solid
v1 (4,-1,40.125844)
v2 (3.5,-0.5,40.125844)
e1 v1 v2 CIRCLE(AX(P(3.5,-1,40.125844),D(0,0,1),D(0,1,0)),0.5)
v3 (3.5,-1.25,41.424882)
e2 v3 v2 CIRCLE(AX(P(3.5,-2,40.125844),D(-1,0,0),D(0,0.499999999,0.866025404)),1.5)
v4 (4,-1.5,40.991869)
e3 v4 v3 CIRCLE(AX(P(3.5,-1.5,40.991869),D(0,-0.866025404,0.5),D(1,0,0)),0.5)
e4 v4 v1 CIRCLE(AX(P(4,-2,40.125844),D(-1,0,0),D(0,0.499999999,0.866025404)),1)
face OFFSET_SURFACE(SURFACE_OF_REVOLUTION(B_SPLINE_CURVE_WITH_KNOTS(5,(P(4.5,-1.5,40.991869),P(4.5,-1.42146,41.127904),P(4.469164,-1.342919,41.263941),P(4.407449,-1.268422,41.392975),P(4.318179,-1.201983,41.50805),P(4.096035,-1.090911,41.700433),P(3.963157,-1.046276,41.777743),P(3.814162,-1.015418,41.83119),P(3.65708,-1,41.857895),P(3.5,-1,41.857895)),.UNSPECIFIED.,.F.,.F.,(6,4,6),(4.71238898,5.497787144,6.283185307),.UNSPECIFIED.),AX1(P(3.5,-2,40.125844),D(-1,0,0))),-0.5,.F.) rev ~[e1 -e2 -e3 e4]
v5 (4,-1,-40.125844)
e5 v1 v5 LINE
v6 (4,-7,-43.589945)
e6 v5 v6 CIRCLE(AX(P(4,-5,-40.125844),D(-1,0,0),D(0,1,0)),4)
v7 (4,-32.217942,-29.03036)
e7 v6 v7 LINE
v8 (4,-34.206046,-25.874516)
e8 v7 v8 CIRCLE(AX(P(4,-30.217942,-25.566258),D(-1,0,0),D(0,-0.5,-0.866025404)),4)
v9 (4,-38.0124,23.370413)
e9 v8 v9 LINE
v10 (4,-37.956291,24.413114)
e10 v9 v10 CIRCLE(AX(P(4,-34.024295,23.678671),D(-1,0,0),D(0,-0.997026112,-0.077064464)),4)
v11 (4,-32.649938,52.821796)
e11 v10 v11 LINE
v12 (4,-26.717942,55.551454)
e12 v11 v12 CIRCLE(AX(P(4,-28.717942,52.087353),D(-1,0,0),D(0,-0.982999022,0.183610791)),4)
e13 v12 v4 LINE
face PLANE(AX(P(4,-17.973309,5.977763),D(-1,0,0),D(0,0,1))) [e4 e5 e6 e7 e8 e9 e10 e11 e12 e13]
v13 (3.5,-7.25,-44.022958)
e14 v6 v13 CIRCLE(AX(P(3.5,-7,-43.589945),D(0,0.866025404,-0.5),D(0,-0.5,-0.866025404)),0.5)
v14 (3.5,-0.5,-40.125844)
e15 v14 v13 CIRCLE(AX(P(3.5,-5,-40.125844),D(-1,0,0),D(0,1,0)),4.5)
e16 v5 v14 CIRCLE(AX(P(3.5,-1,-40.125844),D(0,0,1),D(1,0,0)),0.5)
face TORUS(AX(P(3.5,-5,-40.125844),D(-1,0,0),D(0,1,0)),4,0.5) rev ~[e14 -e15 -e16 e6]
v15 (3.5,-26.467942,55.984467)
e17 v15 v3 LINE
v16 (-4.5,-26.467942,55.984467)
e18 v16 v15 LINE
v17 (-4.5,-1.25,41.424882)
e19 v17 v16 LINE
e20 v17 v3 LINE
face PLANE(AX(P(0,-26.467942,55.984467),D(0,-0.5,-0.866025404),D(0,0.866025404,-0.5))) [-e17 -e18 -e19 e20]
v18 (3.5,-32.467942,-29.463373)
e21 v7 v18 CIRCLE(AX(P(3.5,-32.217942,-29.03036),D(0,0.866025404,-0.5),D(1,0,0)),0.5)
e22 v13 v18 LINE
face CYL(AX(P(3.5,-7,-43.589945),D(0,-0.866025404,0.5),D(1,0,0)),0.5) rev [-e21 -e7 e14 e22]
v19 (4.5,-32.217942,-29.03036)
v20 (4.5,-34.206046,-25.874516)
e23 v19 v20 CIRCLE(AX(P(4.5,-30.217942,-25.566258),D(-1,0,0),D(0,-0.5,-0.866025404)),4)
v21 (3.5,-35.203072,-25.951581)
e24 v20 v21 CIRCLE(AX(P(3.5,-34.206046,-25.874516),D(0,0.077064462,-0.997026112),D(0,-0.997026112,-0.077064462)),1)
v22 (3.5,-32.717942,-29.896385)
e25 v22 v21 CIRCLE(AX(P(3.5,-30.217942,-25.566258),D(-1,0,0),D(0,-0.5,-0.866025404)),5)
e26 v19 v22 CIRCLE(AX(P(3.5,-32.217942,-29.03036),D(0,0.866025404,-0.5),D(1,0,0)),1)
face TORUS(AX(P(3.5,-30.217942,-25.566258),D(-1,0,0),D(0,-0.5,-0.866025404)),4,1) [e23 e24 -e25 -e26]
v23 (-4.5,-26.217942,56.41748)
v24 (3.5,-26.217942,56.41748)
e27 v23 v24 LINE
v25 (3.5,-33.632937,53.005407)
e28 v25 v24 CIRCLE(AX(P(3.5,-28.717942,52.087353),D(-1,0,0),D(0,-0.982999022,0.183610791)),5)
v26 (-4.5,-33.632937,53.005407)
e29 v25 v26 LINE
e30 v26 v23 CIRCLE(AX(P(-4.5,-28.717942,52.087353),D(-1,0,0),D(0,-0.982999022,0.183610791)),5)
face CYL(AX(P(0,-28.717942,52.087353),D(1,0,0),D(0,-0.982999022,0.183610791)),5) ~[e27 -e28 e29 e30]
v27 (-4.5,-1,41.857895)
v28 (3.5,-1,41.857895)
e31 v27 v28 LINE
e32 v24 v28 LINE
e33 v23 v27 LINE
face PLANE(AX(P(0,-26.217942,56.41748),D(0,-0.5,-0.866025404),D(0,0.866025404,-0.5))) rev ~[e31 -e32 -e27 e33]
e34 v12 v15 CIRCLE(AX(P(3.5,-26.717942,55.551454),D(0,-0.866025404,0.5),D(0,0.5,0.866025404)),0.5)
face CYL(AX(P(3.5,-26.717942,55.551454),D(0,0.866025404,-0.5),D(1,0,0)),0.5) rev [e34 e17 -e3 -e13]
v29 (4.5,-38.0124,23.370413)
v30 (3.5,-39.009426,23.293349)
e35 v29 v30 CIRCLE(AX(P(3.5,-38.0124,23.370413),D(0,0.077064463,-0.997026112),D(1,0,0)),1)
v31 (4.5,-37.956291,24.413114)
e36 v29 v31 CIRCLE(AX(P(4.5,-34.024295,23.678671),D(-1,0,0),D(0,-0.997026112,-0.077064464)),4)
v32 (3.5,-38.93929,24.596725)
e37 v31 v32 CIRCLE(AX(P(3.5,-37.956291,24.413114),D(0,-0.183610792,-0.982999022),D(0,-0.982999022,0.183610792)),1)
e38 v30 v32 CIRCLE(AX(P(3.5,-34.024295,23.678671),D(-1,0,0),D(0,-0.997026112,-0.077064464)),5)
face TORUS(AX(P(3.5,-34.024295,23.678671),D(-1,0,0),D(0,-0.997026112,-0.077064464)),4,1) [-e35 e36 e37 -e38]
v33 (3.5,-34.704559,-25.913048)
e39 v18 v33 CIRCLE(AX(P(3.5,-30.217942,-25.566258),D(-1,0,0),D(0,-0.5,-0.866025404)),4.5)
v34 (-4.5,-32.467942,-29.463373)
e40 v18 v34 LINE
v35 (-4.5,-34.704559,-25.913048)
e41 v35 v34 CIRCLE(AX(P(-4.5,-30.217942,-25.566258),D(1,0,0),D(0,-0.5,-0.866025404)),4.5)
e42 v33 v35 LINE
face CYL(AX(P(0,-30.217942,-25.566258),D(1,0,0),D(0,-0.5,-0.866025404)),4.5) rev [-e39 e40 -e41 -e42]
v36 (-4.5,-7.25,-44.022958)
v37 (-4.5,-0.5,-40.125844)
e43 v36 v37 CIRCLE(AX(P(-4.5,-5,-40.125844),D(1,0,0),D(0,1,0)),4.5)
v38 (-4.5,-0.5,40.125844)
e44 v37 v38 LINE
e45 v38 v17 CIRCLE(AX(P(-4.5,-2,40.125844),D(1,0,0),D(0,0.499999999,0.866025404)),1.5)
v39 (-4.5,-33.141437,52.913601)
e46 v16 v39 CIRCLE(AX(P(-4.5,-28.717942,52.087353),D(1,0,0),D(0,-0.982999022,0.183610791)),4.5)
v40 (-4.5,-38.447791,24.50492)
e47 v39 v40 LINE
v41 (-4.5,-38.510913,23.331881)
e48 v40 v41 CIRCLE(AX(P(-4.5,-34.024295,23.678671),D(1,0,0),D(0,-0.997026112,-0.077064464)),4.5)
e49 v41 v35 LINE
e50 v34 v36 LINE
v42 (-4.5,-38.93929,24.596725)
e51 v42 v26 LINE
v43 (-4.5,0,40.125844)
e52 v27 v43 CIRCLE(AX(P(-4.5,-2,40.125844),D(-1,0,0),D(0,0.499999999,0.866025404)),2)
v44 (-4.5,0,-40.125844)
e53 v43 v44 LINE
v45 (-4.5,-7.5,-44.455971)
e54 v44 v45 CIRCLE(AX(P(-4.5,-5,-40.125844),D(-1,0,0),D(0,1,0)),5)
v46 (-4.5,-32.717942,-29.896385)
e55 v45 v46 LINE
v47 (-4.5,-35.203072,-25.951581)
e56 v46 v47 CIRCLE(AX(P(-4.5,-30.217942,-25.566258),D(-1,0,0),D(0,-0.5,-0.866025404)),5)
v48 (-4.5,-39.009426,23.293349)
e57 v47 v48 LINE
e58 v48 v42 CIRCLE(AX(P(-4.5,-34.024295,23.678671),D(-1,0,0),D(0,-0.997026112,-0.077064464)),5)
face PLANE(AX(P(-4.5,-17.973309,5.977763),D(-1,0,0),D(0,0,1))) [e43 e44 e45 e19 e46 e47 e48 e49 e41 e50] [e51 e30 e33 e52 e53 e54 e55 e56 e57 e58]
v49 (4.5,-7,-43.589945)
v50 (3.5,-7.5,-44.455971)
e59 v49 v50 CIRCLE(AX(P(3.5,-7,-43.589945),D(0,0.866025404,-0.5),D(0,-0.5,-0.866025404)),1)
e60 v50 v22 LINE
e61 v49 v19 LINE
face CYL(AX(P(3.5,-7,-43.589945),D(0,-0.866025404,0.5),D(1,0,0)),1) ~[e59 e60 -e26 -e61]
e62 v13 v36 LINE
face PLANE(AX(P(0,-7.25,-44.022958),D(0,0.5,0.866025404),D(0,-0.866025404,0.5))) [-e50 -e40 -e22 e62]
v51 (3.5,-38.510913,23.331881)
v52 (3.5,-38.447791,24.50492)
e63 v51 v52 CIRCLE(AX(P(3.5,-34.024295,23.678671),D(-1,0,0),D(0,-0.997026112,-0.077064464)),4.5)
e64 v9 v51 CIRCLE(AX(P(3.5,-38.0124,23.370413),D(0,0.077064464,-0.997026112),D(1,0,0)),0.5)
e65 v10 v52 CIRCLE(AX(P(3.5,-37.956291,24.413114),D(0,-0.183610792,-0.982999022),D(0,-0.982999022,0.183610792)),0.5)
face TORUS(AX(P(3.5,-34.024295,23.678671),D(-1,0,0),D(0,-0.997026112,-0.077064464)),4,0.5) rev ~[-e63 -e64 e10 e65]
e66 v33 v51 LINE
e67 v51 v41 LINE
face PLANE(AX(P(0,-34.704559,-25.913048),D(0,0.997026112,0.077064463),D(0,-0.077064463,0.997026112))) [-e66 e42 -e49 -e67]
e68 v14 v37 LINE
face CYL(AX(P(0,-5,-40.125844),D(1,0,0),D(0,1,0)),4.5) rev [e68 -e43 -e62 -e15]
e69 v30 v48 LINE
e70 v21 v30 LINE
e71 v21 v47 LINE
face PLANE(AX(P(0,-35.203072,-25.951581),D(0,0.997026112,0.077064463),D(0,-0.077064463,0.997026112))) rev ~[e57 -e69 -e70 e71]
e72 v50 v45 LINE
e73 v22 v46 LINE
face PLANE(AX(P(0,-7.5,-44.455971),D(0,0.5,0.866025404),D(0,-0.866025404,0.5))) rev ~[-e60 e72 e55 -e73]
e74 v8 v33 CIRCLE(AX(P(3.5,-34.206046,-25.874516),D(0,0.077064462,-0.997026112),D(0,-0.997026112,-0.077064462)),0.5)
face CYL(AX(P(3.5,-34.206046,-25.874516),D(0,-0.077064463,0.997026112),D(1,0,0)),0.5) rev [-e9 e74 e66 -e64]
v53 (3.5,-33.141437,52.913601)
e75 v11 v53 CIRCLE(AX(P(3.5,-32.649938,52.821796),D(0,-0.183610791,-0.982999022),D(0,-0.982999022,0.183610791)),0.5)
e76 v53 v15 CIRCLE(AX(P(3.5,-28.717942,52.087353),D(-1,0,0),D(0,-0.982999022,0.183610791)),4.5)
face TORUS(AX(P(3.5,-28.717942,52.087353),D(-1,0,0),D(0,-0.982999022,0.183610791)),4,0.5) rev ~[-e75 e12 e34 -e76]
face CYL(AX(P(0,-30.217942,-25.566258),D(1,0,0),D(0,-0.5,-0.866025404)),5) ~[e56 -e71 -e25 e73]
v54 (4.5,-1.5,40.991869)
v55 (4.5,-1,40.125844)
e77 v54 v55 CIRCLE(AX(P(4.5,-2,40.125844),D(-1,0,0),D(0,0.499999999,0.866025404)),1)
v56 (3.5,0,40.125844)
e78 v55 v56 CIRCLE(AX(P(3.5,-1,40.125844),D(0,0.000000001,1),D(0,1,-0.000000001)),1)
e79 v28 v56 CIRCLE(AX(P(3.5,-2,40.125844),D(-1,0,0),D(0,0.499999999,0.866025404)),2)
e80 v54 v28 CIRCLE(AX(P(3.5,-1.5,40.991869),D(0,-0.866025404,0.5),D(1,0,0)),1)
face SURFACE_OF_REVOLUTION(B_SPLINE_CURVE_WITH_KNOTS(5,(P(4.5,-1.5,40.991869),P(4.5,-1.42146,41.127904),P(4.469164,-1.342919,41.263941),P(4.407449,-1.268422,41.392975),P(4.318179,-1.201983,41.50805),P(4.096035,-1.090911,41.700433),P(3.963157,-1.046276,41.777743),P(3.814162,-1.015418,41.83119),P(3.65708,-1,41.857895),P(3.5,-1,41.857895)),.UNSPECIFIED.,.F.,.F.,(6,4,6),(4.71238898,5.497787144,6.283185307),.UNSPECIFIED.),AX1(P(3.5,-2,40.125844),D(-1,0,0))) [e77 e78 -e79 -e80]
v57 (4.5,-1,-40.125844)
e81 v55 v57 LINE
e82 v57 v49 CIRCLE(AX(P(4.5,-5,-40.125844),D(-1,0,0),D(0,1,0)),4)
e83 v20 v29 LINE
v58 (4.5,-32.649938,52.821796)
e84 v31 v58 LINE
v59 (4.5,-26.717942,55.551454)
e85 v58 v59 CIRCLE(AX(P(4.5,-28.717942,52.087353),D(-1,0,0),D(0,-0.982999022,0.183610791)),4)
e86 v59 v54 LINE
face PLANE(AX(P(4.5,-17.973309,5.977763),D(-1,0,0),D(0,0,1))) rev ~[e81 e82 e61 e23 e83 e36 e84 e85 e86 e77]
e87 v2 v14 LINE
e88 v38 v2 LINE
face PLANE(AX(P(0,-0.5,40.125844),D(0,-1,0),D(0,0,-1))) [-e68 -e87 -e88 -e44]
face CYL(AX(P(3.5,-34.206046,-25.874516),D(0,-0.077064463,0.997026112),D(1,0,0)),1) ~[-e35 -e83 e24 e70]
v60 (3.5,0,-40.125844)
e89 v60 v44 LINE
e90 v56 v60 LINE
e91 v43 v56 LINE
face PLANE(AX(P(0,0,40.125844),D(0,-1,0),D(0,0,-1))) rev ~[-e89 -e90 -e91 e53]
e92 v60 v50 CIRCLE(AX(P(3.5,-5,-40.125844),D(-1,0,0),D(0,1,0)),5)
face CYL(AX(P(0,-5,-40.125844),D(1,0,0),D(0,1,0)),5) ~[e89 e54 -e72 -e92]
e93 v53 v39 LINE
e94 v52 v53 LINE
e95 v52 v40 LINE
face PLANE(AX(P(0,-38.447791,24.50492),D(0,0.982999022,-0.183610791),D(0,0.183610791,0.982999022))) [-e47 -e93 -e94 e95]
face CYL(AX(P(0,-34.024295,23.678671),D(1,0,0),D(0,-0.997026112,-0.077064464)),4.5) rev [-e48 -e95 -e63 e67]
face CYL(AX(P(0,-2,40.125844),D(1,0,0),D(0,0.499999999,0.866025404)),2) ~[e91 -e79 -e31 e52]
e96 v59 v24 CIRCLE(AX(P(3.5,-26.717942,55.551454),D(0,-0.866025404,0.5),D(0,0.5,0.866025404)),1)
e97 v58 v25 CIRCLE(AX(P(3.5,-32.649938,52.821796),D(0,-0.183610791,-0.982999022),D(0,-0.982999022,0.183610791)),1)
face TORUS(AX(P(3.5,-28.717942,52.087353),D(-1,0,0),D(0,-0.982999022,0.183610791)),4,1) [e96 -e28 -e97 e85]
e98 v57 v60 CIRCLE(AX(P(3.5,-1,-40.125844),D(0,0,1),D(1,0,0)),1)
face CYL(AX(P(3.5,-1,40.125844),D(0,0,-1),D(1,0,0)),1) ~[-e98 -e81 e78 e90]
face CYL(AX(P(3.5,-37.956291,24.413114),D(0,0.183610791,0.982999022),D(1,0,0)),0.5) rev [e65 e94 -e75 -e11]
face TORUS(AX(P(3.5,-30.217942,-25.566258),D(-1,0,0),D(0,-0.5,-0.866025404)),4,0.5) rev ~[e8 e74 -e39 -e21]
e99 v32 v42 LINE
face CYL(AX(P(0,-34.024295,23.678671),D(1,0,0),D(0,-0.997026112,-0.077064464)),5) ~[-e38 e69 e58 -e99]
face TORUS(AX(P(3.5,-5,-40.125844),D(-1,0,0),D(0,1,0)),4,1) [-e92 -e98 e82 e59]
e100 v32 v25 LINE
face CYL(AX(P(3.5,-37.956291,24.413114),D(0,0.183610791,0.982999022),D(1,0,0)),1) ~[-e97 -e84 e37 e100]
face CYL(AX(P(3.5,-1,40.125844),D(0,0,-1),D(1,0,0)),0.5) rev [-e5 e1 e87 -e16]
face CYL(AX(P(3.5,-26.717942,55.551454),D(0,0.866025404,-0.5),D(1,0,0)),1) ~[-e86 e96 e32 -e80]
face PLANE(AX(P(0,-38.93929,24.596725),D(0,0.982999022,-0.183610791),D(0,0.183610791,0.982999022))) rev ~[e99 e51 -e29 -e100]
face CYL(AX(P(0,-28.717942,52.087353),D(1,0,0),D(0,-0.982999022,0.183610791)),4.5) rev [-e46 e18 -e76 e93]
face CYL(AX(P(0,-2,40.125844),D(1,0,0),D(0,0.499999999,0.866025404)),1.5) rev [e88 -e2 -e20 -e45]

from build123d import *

# Parameters (mm, degrees)
BOSS_EXTRUDE1_DEPTH = 4.5
FILLET2_R           = 1
SHELL1_T            = -0.5


with BuildPart() as part:
    # Sketch1 → Boss-Extrude1 (new, symmetric)
    with BuildSketch(Plane(origin=(0, 0, 0), x_dir=(0, 0, -1), z_dir=(1, 0, 0))):
        with BuildLine():
            Line((-40.125843709, 0), (40.125843709, 0))
            ThreePointArc((40.125843709, 0), (44.455970728, -2.5), (44.455970728, -7.5))
            Line((44.455970728, -7.5), (29.896385384, -32.717941552))
            ThreePointArc((29.896385384, -32.717941552), (28.231372637, -34.448445768), (25.95158068, -35.203072113))
            Line((25.95158068, -35.203072113), (-23.293348854, -39.009425834))
            ThreePointArc((-23.293348854, -39.009425834), (-23.94733545, -39.017072006), (-24.596725125, -38.939290383))
            Line((-24.596725125, -38.939290383), (-53.005406797, -33.632936662))
            ThreePointArc((-53.005406797, -33.632936662), (-56.629531724, -30.808063795), (-56.41747986, -26.217941552))
            Line((-56.41747986, -26.217941552), (-41.857894516, -1))
            ThreePointArc((-41.857894516, -1), (-41.125843709, -0.267949192), (-40.125843709, 0))
        make_face()
    extrude(amount=BOSS_EXTRUDE1_DEPTH, both=True)

    # Fillet2
    fillet2_edges = [part.edges().sort_by_distance(p)[0] for p in [
        (4.5, -30.808063795, 56.629531724),
        (4.5, -36.286113523, 38.801065961),
        (4.5, -39.017072006, 23.94733545),
        (4.5, -37.106248974, -1.329115913),
        (4.5, -34.448445768, -28.231372637),
        (4.5, -20.108970776, -37.176178056),
        (4.5, -2.5, -44.455970728),
        (4.5, 0, 0),
        (4.5, -0.267949192, 41.125843709),
        (4.5, -13.608970776, 49.137687188),
    ]]
    fillet(fillet2_edges, radius=FILLET2_R)

    # Shell1
    shell1_openings = [part.faces().sort_by_distance(p)[0] for p in [
        (-4.5, -18.296225023, 6.473740626),
    ]]
    offset(amount=SHELL1_T, openings=shell1_openings, kind=Kind.INTERSECTION)


solid = part.part
